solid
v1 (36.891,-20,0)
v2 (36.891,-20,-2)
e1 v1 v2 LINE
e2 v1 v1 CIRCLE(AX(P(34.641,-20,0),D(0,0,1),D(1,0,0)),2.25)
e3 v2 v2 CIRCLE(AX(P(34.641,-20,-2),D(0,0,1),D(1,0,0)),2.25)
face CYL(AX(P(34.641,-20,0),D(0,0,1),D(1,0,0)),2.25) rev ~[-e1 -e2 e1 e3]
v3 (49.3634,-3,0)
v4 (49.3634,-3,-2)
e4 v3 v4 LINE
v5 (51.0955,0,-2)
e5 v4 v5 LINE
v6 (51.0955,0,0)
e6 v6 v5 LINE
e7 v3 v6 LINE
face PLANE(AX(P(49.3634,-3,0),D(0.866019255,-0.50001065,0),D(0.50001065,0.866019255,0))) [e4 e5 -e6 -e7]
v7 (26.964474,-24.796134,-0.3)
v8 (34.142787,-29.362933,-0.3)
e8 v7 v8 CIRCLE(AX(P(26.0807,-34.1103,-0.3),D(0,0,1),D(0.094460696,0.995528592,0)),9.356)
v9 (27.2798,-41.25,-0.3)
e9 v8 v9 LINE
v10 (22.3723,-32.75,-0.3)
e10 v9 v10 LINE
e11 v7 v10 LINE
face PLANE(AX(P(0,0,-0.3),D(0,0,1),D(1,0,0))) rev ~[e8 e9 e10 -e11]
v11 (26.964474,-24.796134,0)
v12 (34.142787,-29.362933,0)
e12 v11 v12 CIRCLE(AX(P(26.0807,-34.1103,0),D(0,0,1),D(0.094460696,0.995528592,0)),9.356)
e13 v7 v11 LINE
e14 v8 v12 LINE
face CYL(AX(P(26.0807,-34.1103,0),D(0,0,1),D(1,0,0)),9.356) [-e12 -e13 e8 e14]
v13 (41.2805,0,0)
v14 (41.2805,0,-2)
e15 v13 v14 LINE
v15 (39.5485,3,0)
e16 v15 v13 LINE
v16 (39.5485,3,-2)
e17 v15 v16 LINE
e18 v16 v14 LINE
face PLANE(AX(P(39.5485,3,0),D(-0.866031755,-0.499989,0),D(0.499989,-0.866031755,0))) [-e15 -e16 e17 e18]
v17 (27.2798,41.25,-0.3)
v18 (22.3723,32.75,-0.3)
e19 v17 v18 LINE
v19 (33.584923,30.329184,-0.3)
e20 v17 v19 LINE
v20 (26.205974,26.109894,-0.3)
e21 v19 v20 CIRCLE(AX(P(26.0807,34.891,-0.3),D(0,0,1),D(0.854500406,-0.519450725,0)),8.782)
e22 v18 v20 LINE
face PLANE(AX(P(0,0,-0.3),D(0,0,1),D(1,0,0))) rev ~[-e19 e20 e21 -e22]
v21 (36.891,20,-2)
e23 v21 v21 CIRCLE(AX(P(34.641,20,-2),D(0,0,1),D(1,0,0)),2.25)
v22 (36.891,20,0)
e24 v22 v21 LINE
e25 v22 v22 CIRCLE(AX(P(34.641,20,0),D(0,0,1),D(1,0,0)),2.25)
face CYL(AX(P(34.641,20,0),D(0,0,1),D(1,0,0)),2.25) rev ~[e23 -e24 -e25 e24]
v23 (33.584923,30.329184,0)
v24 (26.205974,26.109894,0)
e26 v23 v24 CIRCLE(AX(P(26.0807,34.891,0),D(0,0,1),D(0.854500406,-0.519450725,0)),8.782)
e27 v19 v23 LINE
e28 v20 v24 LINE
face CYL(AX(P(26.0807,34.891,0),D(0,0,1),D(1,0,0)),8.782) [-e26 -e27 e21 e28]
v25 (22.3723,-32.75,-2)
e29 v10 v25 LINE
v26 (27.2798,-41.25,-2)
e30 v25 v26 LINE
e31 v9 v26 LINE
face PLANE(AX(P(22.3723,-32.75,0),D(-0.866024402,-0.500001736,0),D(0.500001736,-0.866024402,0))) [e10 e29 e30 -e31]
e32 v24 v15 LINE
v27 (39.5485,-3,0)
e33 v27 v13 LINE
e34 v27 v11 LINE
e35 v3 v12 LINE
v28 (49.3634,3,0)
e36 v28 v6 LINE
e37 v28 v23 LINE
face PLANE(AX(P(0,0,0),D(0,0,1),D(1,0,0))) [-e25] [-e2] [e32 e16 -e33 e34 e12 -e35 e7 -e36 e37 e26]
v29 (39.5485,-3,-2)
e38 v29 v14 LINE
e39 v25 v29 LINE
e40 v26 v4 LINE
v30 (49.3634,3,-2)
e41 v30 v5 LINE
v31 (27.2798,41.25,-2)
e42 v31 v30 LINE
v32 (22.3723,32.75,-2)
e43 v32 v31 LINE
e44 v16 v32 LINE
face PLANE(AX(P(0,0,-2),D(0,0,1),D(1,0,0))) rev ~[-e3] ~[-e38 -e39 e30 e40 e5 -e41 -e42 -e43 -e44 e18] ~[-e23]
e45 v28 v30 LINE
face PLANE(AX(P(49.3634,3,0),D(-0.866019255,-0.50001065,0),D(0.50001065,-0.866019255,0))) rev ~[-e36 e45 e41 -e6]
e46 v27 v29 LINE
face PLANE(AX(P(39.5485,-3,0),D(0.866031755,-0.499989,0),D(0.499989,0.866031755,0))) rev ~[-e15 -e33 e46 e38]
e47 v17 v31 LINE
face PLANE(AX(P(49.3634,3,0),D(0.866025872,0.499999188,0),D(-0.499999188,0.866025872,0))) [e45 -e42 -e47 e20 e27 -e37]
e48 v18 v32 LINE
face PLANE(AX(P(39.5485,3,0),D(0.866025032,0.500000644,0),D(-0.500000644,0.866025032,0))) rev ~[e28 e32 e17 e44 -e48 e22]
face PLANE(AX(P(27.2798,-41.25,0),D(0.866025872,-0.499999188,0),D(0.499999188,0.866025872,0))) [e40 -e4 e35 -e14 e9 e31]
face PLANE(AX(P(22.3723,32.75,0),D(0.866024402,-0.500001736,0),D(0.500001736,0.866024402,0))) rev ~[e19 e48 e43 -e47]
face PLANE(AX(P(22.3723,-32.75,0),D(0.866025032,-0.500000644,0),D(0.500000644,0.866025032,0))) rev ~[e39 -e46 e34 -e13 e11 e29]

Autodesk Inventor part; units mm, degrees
ref_plane "YZ Plane" through (0, 0, 0) normal (1, 0, 0) x (0, 1, 0)
ref_plane "XZ Plane" through (0, 0, 0) normal (0, 1, 0) x (-1, 0, 0)
ref_plane "XY Plane" through (0, 0, 0) normal (0, 0, 1) x (1, 0, 0)
sketch "Sketch1" plane through (0, 0, 0) normal (0, 0, 1) x (1, 0, 0)
  circle A0 centre (0, 0) radius 7.5
  line L0 (-21.2869, 0) -> (22.3896, 0) construction
  line L1 (0, 21.9302) -> (0, -69.0741) construction
  line L2 (24.9778, -67) -> (-24.9778, -67) construction
  line L3 (-17.5, -57) -> (17.5, -57)
  line L4 (17.5, -57) -> (17.5, -67)
  line L5 (17.5, -67) -> (-17.5, -67)
  line L6 (-17.5, -67) -> (-17.5, -57)
  line L7 (-37.5278, -67) -> (-18.5, -67)
  line L8 (-18.5, -67) -> (-18.5, -56)
  line L9 (-17.5, -62) -> (17.5, -62) construction
  line L10 (-18.5, -59) -> (-22.5, -59)
  line L11 (-22.5, -59) -> (-22.5, -65)
  line L12 (-22.5, -65) -> (-18.5, -65)
  line L13 (-18.5, -65) -> (-18.5, -59)
  line L14 (-17.5, -60) -> (-21.5, -60)
  line L15 (-21.5, -60) -> (-21.5, -64)
  line L16 (-21.5, -64) -> (-17.5, -64)
  line L17 (-17.5, -64) -> (-17.5, -60)
  line L18 (-18.5, -56) -> (-28.8675, -56)
  line L19 (17.5, -60) -> (21.5, -60)
  line L20 (21.5, -60) -> (21.5, -64)
  line L21 (21.5, -64) -> (17.5, -64)
  line L22 (17.5, -64) -> (17.5, -60)
  line L23 (18.5, -67) -> (18.5, -56)
  line L24 (18.5, -67) -> (37.5278, -67)
  line L25 (18.5, -65) -> (22.5, -65)
  line L26 (22.5, -65) -> (22.5, -59)
  line L27 (22.5, -59) -> (18.5, -59)
  line L28 (18.5, -59) -> (18.5, -65)
  line L29 (18.5, -56) -> (28.8675, -56)
  line L30 (-23.7704, -40) -> (28.6931, -40) construction
  line L31 (-17.1762, -35.75) -> (17.1762, -35.75)
  line L32 (-22.0836, -44.25) -> (22.0836, -44.25)
  circle A1 centre (0, -40) radius 2.25
  line L33 (-7.5, -16) -> (7.5, -16)
  line L34 (7.5, -16) -> (7.5, -21)
  line L35 (7.5, -26) -> (-7.5, -26)
  line L36 (-7.5, -26) -> (-7.5, -24)
  line L37 (7.5, -21) -> (-7.5, -21) construction
  line L38 (-7.5, -18) -> (-3.5, -18)
  line L39 (-3.5, -18) -> (-3.5, -21)
  line L40 (-3.5, -24) -> (-7.5, -24)
  line L41 (-7.5, -24) -> (-7.5, -23)
  line L42 (-8.5, -19) -> (-4.5, -19)
  line L43 (-4.5, -19) -> (-4.5, -23)
  line L44 (-4.5, -23) -> (-8.5, -23)
  line L45 (-8.5, -23) -> (-8.5, -19)
  line L46 (7.5, -18) -> (3.5, -18)
  line L47 (3.5, -18) -> (3.5, -21)
  line L48 (3.5, -24) -> (7.5, -24)
  line L49 (7.5, -24) -> (7.5, -18)
  line L50 (8.5, -19) -> (4.5, -19)
  line L51 (4.5, -19) -> (4.5, -23)
  line L52 (4.5, -23) -> (8.5, -23)
  line L53 (8.5, -23) -> (8.5, -19)
  line L54 (-9.815, -19) -> (-31.1769, -56)
  line L55 (-7.5056, -19) -> (-28.8675, -56)
  line L56 (7.5056, -19) -> (28.8675, -56)
  line L57 (-4.5, -21) -> (-8.5, -21)
  line L58 (4.5, -21) -> (8.5, -21)
  line L59 (-21.5, -62) -> (-17.5, -62)
  line L60 (17.5, -62) -> (21.5, -62)
  line L61 (-22.5, -62) -> (-18.5, -62)
  line L62 (22.5, -62) -> (18.5, -62)
  line L63 (-7.5, -21) -> (-3.5, -21)
  line L64 (3.5, -21) -> (7.5, -21)
  line L65 (-28.8675, -56) -> (-31.1769, -56)
  line L66 (28.8675, -56) -> (31.1769, -56)
  line L67 (-10.8853, -24.8539) -> (-12.6173, -23.8539)
  line L68 (10.8875, -24.8576) -> (12.6195, -23.8576)
  line L69 (7.5, -23) -> (7.5, -24)
  line L70 (-7.5, -23) -> (-7.5, -21)
  line L71 (-7.5, -24) -> (-7.5, -16)
  line L72 (7.5, -24) -> (7.5, -26)
  line L73 (-7.5, -21) -> (-7.5, -18)
  line L74 (-3.5, -21) -> (-3.5, -24)
  line L75 (3.5, -21) -> (3.5, -24)
  line L76 (7.5, -21) -> (7.5, -23)
  line L77 (-18.4752, 0) -> (-9.2376, 16)
  line L78 (-9.2376, 16) -> (9.2376, 16)
  line L79 (9.2376, 16) -> (18.4752, 0)
  line L80 (18.4752, 0) -> (9.2376, -16)
  line L81 (9.2376, -16) -> (-9.2376, -16)
  line L82 (-9.2376, -16) -> (-18.4752, 0)
  line L83 (-77.3649, 0) -> (-38.6825, 67) construction
  line L84 (-38.6825, 67) -> (38.6825, 67) construction
  line L85 (38.6825, 67) -> (77.3649, 0) construction
  line L86 (77.3649, 0) -> (38.6825, -67) construction
  line L87 (38.6825, -67) -> (-38.6825, -67) construction
  line L88 (-38.6825, -67) -> (-77.3649, 0) construction
  line L89 (-9.2376, -16) -> (-38.6825, -67) construction
  line L90 (9.2376, -16) -> (38.6825, -67) construction
  line L91 (0, -16.7974) -> (0, -26) construction
  line L92 (9.815, -19) -> (31.1769, -56)
  line L93 (-8.5, -19) -> (-9.815, -19)
  line L94 (8.5, -19) -> (9.815, -19)
  line L95 (-8.5, -23) -> (-9.815, -23)
  line L96 (8.5, -23) -> (9.815, -23)
  line L97 (-31.1769, -56) -> (-37.5278, -67)
  line L98 (31.1769, -56) -> (37.5278, -67)
  circle A2 centre (12.25, 0) radius 2.25
  circle A3 centre (6.125, 10.6088) radius 2.25
  circle A4 centre (-6.125, 10.6088) radius 2.25
  circle A5 centre (-12.25, 0) radius 2.25
  circle A6 centre (-6.125, -10.6088) radius 2.25
  circle A7 centre (6.125, -10.6088) radius 2.25
  line L99 (22.3723, -32.75) -> (39.5485, -3)
  line L100 (27.2798, -41.25) -> (49.3634, -3)
  circle A8 centre (34.641, -20) radius 2.25
  line L101 (39.5485, 3) -> (22.3723, 32.75)
  line L102 (49.3634, 3) -> (27.2798, 41.25)
  circle A9 centre (34.641, 20) radius 2.25
  line L103 (17.1762, 35.75) -> (-17.1762, 35.75)
  line L104 (22.0836, 44.25) -> (-22.0836, 44.25)
  circle A10 centre (0, 40) radius 2.25
  line L105 (-22.3723, 32.75) -> (-39.5485, 3)
  line L106 (-27.2798, 41.25) -> (-49.3634, 3)
  circle A11 centre (-34.641, 20) radius 2.25
  line L107 (-39.5485, -3) -> (-22.3723, -32.75)
  line L108 (-49.3634, -3) -> (-27.2798, -41.25)
  circle A12 centre (-34.641, -20) radius 2.25
  line L109 (22.3723, -32.75) -> (27.2798, -41.25)
  line L110 (49.3634, -3) -> (51.0955, 0)
  line L111 (49.3634, 3) -> (51.0955, 0)
  line L112 (39.5485, -3) -> (41.2805, 0)
  line L113 (39.5485, 3) -> (41.2805, 0)
  line L114 (7.3612, 4.25) -> (38.8268, 4.25)
  line L115 (7.3612, -4.25) -> (38.8268, -4.25)
  arc A13 (8.5, 0) -> (7.3612, 4.25) centre (0, 0) ccw
  arc A14 (7.3612, -4.25) -> (8.5, 0) centre (0, 0) ccw
  arc A15 (7.3612, 4.25) -> (7.3612, -4.25) centre (0, 0) ccw
  line L116 (22.3723, 32.75) -> (27.2798, 41.25)
  circle A16 centre (26.0807, 34.891) radius 8.782
  circle A17 centre (26.0807, -34.1103) radius 9.356
  point P0 (0, -57)
  point P1 (0, -67)
  point P2 (0, -62)
  point P3 (0, -21)
  dimension "d0" = 15
  dimension "d16" = 10
  dimension "d20" = 6
  dimension "d21" = 4
  dimension "d22" = 4
  dimension "d23" = 1
  dimension "d24" = 1
  dimension "d25" = 35
  dimension "d27" = 3
  dimension "d28" = 4
  dimension "d29" = 1
  dimension "d30" = 6
  dimension "d31" = 4
  dimension "d32" = 1
  dimension "d34" = 3
  dimension "d35" = 27
  dimension "d39" = 4.5
  dimension "d41" = 2
  dimension "d42" = 2
  dimension "d44" = 10
  dimension "d45" = 4
  dimension "d46" = 6
  dimension "d48" = 4
  dimension "d49" = 1
  dimension "d50" = 4
  dimension "d52" = 6
  dimension "d53" = 4
  dimension "d54" = 4
  dimension "d55" = 1
  dimension "d56" = 4
  dimension "d57" = 15
  dimension "d60" = 2
  dimension "d81" = 16
  dimension "d83" = 67
  dimension "d84" = 1
  dimension "d86" = 2
  dimension "d87" = 1
  dimension "d88" = 5
  dimension "d89" = 3
  dimension "d90" = 3
  dimension "d112" = 4.5
  dimension "d113" = 2.5
  dimension "d116" = 360
  dimension "d120" = 360
  dimension "d122" = 2
  dimension "d123" = 2
  dimension "d124" = 1
extrude "Extrusion8" add sketch "Sketch1" against normal blind 2 contours A17 L100 L109 L99 | L99 L112 L113 L101 A16 L102 L111 L110 L100 A17 | A16 L101 L116 L102 picked at (27.7457, 34.7764)
extrude "Extrusion9" add sketch "Sketch1" against normal blind 0.3 contours A17 L31 L56 | L56 A17 L92 | L92 A17 L99 L109 L100 | A17 L56 L31 | A17 L100 L109 L99 | A16 L101 L116 L102 | L102 L116 L101 A16
equation "\"d20\" = hinge_w"
equation "\"d21\" = hinge_d"
equation "\"d22\" = hinge_w - 2 * hinge_sp"
equation "\"d23\" = hinge_sp"
equation "\"d24\" = sp"
equation "\"d28\" = hinge_w - 2 * hinge_sp"
equation "\"d29\" = sp"
equation "\"d30\" = hinge_w"
equation "\"d31\" = hinge_d"
equation "\"d32\" = hinge_sp"
equation "\"d39\" = screw"
equation "\"d45\" = hinge_d"
equation "\"d46\" = hinge_w"
equation "\"d48\" = hinge_d"
equation "\"d49\" = hinge_sp"
equation "\"d50\" = hinge_w - 2 * hinge_sp"
equation "\"screw\" = 4.5"
equation "\"k\" = 0.4"
equation "\"sp\" = 1"
equation "\"d14\" = sp"
equation "\"d15\" = sp"
equation "\"d19\" = sp"
equation "\"hinge_d\" = 4"
equation "\"hinge_w\" = 6"
equation "\"hinge_sp\" = 1"
properties part number "RobotBase" material "Glass"
